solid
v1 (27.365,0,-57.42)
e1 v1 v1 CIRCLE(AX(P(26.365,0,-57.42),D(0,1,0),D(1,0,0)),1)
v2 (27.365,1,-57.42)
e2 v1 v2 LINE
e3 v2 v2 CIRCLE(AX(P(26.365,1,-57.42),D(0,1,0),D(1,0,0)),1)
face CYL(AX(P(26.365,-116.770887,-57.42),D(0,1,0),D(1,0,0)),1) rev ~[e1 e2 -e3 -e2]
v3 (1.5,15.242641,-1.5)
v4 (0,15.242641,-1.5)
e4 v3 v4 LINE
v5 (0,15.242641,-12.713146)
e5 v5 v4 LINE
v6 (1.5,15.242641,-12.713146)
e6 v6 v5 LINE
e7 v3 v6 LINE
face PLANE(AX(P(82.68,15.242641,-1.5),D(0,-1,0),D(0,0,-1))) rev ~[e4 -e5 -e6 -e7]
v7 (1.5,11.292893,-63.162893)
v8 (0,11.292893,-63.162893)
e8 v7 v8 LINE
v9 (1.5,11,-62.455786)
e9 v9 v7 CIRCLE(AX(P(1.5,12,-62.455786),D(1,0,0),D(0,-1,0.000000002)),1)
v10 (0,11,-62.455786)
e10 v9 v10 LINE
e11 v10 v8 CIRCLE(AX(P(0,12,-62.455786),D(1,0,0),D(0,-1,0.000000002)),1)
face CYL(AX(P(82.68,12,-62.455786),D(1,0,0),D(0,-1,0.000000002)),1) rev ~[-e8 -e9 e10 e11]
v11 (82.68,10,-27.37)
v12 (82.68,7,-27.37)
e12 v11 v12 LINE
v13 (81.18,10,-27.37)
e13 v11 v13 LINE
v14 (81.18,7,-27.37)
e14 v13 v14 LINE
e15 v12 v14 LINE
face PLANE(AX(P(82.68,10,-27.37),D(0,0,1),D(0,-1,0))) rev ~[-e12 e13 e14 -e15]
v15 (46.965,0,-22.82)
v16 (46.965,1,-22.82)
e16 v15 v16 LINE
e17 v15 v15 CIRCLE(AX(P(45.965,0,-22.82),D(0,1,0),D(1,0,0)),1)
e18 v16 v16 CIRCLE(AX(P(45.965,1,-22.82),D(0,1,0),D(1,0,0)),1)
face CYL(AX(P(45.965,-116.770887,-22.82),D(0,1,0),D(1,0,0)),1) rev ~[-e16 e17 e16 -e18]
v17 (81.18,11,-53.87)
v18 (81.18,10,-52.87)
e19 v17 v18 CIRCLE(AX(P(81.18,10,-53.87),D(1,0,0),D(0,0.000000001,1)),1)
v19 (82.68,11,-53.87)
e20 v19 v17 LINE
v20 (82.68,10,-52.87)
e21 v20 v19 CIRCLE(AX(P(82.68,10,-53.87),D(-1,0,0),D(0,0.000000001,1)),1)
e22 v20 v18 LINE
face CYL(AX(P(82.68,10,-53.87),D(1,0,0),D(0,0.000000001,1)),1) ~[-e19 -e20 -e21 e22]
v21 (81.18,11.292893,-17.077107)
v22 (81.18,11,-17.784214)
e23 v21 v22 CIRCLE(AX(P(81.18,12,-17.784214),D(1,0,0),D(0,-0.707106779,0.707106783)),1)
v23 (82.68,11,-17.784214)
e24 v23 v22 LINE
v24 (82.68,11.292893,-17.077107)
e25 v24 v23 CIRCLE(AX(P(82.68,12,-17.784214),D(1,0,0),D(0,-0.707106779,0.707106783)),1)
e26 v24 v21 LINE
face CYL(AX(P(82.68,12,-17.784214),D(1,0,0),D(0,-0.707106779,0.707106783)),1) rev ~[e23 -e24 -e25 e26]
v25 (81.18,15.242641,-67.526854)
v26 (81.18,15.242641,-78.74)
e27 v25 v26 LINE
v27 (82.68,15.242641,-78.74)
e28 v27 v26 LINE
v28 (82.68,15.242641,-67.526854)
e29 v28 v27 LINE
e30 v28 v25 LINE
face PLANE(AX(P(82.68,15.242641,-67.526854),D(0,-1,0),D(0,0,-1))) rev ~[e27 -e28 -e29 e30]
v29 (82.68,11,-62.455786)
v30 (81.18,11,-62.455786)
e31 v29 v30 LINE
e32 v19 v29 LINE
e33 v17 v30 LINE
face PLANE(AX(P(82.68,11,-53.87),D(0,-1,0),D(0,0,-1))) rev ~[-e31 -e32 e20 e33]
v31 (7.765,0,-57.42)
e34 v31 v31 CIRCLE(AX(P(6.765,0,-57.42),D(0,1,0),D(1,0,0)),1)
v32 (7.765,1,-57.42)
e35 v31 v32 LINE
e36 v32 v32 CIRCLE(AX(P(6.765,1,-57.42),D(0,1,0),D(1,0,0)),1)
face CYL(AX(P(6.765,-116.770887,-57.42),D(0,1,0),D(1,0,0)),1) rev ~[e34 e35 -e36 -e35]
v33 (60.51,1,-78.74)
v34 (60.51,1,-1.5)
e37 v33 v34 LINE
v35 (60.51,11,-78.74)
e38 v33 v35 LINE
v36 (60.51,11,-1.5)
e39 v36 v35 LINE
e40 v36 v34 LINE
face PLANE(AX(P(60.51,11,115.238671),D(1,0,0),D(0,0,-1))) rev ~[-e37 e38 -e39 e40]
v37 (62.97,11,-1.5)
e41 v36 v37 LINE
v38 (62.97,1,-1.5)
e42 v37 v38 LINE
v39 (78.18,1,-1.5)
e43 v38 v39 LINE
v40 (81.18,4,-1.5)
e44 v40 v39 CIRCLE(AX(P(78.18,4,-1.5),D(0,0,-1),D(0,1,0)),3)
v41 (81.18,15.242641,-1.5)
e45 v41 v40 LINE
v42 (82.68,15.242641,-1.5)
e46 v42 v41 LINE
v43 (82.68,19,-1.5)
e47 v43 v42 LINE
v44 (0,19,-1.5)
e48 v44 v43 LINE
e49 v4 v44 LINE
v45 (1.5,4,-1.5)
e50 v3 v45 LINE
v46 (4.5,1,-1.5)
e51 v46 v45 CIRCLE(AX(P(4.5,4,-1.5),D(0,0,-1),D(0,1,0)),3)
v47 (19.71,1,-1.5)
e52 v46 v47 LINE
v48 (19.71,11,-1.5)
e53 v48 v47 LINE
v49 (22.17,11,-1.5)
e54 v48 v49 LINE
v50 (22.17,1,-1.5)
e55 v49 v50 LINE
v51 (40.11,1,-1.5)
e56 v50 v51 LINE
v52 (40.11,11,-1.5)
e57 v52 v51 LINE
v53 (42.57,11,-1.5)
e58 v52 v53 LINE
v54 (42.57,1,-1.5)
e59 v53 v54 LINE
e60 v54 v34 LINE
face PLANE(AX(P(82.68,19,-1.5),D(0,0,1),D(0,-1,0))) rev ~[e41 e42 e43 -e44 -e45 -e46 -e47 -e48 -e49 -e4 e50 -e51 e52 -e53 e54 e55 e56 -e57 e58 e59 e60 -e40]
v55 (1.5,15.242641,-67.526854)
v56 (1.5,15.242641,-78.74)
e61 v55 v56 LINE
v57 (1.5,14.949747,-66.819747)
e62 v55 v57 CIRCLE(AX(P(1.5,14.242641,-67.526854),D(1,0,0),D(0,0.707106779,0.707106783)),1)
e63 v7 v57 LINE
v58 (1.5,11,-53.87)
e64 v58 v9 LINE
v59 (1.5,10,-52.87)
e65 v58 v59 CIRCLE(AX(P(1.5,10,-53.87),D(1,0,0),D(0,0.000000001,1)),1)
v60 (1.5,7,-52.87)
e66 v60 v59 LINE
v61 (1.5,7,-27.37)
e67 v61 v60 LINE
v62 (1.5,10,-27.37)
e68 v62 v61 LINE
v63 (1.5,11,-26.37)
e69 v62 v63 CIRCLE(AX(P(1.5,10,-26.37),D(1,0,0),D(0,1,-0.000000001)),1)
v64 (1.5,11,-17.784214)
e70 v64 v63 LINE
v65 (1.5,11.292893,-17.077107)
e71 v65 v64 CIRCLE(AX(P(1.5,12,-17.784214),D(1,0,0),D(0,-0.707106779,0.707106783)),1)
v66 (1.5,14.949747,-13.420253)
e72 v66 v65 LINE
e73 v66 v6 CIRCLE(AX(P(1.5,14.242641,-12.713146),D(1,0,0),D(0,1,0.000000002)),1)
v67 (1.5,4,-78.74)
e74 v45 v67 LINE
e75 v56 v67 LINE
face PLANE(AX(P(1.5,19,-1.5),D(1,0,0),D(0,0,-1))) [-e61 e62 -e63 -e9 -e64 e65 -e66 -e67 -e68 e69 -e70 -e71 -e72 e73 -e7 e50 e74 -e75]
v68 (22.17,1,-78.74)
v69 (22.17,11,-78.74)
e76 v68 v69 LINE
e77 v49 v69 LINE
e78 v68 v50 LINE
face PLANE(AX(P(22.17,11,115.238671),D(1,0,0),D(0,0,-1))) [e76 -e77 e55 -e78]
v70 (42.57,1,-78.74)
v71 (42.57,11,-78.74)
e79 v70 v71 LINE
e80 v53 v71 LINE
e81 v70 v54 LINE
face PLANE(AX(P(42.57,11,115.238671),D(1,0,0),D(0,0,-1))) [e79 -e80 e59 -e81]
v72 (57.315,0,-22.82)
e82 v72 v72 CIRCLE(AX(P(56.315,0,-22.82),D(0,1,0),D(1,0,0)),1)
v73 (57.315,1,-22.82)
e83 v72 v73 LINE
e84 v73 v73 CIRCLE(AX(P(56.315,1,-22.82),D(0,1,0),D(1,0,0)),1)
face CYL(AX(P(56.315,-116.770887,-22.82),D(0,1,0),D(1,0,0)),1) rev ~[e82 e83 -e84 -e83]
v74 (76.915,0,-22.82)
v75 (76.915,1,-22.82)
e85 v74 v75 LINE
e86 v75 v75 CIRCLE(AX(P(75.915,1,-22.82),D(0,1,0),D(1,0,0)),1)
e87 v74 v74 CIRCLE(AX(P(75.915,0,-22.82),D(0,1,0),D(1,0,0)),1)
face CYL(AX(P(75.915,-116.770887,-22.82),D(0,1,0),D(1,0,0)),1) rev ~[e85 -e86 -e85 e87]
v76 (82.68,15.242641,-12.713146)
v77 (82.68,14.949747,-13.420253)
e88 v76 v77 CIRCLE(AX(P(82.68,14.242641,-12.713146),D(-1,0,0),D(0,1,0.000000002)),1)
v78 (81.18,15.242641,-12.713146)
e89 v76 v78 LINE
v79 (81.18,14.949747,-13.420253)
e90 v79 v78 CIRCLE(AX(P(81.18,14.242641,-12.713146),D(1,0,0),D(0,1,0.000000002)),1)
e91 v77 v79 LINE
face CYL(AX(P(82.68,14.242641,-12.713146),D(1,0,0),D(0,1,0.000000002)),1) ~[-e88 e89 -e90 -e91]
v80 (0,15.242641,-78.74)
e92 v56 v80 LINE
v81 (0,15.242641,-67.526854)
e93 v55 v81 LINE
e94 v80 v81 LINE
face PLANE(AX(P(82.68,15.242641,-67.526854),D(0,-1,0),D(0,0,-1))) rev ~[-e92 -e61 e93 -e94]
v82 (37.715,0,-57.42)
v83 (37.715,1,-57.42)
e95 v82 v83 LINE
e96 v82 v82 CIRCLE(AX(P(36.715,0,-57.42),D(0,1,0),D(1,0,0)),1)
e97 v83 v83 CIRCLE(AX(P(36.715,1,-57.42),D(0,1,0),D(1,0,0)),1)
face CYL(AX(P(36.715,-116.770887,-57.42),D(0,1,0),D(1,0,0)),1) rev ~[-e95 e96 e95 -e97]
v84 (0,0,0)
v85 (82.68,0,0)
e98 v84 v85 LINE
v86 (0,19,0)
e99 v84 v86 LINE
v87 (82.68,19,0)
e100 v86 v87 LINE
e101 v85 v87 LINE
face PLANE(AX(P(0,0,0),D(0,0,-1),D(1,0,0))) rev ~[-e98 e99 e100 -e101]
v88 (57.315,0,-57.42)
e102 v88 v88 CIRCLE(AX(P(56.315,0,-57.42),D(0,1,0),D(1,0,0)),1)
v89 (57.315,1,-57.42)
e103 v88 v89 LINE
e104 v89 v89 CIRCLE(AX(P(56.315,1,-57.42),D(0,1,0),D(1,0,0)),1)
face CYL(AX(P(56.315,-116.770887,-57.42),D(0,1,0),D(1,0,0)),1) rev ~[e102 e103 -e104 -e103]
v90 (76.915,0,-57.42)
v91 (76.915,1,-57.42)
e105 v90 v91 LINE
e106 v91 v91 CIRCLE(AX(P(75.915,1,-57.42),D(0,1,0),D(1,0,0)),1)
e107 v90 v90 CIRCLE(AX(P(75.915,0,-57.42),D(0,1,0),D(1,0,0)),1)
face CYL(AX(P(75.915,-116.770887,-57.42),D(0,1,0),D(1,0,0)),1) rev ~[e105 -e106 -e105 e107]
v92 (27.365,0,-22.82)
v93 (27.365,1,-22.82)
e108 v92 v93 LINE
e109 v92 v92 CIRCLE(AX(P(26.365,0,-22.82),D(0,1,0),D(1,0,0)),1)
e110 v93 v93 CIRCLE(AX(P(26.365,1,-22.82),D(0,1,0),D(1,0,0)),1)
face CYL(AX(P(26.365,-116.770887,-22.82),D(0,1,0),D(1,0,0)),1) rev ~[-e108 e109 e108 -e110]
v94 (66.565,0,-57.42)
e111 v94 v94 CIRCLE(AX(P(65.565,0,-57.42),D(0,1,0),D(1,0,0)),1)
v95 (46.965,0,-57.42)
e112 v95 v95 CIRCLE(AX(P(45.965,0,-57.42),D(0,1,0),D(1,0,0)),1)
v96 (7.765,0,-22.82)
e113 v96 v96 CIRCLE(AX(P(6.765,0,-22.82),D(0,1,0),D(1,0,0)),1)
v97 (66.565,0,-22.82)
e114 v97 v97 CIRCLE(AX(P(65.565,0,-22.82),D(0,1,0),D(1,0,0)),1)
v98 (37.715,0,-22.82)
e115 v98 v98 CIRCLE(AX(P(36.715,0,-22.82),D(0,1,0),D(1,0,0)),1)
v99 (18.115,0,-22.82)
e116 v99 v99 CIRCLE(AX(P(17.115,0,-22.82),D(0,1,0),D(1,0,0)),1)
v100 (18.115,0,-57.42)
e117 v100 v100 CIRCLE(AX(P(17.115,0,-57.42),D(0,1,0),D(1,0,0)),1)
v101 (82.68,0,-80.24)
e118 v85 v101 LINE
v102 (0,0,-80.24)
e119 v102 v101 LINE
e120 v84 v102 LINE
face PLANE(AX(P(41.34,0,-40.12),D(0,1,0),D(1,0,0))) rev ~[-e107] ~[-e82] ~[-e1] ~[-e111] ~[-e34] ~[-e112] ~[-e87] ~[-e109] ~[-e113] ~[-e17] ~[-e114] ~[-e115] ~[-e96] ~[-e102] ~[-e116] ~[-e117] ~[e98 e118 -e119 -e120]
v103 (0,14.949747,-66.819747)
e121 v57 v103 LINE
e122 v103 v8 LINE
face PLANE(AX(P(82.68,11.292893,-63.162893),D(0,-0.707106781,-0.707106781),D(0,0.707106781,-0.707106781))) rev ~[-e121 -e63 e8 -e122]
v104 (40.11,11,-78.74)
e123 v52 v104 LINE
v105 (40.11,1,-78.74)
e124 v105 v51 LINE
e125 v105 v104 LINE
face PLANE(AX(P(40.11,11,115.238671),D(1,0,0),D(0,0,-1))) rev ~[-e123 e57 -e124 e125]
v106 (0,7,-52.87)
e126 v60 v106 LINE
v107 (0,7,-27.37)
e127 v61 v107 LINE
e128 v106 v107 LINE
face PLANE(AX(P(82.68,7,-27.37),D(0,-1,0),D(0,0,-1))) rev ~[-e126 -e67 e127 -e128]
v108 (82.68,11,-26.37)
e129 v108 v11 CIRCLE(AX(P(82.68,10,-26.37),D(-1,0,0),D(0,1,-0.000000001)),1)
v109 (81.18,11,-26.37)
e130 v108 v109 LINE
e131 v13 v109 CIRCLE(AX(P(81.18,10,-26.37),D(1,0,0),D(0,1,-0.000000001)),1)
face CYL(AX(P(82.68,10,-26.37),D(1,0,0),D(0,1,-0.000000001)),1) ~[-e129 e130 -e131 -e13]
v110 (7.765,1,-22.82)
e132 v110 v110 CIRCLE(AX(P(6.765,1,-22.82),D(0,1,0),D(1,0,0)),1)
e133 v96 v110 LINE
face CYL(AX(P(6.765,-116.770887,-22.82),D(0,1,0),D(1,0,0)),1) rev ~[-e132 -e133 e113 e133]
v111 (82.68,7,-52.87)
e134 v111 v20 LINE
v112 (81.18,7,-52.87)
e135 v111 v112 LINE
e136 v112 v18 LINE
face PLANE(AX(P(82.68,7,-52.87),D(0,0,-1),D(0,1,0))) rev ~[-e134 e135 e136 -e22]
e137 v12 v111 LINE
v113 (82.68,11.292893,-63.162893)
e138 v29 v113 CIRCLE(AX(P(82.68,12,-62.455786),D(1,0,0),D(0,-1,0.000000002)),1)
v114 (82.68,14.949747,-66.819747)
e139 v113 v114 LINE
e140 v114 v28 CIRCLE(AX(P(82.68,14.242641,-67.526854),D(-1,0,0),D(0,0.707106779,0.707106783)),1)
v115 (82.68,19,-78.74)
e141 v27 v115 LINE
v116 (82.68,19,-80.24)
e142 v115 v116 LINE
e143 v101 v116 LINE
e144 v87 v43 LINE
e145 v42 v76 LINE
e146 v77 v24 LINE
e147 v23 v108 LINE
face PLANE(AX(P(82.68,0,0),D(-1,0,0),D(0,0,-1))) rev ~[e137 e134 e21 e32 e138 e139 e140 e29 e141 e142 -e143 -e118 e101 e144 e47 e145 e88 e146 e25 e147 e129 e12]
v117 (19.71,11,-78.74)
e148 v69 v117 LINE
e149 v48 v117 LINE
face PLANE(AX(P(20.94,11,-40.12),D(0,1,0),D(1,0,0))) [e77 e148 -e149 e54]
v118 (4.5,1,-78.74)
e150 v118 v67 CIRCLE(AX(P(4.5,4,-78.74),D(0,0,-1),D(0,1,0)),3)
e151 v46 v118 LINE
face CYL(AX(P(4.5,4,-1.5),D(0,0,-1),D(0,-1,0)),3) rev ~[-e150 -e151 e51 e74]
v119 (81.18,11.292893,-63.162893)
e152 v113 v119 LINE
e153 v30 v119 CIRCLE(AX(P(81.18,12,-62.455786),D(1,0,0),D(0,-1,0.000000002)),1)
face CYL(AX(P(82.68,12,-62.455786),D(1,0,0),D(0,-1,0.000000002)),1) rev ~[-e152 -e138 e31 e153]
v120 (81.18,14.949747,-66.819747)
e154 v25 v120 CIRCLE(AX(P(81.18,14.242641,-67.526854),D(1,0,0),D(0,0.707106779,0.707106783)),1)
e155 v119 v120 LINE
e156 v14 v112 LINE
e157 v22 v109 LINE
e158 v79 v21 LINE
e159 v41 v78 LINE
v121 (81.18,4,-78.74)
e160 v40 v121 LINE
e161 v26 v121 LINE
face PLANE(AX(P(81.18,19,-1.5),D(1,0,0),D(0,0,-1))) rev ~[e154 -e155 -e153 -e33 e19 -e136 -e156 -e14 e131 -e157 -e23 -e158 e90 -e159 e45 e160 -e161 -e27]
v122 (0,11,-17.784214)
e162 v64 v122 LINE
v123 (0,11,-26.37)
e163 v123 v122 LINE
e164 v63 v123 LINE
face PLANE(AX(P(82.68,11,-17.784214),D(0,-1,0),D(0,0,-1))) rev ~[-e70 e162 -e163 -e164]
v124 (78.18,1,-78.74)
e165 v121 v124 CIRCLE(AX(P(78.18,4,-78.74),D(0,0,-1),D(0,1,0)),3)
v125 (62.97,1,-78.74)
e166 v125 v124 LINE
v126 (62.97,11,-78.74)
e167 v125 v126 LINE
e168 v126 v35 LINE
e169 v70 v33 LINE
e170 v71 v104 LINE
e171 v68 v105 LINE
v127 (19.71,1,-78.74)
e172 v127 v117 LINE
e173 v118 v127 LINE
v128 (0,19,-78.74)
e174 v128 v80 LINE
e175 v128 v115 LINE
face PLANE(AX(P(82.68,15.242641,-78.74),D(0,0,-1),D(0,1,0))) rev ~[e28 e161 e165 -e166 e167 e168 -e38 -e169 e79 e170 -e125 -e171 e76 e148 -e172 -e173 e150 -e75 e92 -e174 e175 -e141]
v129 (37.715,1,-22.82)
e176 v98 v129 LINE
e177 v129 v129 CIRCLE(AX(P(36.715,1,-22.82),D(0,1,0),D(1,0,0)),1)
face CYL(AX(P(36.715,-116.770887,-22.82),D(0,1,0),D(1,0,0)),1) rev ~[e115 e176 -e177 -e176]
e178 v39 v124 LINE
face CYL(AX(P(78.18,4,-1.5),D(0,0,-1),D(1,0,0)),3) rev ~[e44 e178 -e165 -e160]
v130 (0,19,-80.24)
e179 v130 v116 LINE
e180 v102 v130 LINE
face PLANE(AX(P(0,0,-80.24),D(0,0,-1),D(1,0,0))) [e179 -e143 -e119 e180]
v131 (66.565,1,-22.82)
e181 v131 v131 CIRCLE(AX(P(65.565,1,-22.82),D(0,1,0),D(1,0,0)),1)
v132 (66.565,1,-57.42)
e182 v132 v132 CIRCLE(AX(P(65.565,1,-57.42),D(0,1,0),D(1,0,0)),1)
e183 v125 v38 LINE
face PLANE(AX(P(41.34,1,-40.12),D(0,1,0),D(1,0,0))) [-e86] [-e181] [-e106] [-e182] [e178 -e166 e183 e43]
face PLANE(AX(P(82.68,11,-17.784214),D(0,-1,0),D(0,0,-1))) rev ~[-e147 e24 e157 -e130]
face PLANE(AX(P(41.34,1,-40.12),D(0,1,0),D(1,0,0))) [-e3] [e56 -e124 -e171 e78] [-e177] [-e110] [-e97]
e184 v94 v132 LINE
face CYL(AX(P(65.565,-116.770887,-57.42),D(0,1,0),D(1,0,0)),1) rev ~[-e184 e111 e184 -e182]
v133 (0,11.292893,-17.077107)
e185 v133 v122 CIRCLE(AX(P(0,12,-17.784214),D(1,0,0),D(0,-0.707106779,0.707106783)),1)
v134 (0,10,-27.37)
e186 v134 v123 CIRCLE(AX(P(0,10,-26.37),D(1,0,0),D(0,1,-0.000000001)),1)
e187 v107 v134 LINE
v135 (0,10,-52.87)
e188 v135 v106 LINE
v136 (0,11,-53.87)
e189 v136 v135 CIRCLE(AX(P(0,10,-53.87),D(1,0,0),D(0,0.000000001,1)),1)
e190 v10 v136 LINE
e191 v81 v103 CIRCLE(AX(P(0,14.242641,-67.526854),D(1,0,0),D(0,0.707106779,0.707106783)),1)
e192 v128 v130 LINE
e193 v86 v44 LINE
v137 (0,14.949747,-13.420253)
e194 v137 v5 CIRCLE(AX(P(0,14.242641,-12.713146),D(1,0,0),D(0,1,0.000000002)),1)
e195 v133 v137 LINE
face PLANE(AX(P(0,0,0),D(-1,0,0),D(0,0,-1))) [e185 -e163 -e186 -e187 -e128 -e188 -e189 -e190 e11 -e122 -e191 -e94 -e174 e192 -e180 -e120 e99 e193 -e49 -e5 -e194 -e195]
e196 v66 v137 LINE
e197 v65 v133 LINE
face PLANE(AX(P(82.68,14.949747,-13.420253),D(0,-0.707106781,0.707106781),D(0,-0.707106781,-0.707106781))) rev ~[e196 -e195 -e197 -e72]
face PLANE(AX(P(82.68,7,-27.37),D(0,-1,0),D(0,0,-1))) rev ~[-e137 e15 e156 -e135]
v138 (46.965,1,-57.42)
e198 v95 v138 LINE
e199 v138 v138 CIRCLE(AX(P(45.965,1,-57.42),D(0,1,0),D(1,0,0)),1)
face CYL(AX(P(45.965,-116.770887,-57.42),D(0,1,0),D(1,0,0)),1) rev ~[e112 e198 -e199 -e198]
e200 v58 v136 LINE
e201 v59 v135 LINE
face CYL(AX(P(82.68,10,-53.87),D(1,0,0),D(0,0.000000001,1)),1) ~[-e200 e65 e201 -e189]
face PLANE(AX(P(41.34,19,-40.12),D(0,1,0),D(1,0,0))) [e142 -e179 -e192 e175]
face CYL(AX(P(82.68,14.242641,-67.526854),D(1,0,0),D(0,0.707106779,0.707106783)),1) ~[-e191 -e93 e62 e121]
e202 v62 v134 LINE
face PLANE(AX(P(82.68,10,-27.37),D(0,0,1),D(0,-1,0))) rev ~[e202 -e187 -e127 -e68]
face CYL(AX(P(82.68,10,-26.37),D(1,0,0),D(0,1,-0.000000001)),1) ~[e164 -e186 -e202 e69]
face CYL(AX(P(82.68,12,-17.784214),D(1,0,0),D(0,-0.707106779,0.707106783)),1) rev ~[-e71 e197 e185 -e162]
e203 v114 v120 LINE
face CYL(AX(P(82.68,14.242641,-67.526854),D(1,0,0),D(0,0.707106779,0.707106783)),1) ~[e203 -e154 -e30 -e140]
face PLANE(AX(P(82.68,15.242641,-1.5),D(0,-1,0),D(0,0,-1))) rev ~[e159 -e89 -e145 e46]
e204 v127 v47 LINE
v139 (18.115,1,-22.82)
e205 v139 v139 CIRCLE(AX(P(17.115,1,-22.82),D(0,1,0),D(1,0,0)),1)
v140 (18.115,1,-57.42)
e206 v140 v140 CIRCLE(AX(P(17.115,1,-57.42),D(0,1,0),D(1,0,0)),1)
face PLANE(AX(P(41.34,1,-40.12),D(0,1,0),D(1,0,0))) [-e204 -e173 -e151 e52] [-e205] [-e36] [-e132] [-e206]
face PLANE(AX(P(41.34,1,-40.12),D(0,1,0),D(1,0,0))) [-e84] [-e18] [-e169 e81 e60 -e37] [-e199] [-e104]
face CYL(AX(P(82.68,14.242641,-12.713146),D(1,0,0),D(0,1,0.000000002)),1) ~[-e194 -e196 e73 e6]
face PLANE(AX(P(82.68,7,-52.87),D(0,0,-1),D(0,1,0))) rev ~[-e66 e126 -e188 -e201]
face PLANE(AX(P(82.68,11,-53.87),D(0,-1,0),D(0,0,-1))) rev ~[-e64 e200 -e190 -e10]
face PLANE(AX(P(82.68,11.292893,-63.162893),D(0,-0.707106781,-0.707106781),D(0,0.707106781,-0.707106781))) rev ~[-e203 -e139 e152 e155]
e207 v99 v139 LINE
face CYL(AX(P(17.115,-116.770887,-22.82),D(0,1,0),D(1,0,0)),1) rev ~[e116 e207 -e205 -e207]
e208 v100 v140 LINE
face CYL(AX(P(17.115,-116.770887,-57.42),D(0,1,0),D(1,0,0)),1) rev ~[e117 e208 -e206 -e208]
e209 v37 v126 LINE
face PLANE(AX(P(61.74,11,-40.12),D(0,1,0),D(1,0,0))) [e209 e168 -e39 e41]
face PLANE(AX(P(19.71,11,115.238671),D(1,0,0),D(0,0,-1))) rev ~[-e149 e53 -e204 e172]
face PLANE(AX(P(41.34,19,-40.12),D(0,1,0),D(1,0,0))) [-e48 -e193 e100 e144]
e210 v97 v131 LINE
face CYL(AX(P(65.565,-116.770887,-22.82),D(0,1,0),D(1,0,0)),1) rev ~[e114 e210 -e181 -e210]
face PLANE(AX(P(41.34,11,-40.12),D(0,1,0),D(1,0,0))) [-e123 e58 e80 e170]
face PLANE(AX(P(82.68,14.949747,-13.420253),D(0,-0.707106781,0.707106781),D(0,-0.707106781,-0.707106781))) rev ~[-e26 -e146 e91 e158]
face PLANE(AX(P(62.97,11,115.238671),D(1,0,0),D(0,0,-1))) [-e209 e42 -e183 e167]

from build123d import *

# Parameters (mm, degrees)
SKETCH1_W             = 82.68
SKETCH1_H             = 80.24
BOSS_EXTRUDE1_DEPTH   = 19
SKETCH2_W             = 79.68
SKETCH2_H             = 77.24
CUT_EXTRUDE1_DEPTH    = 18
CUT_EXTRUDE2_DEPTH    = 117.770886783
FILLET1_R             = 3
F_2_0MM_DOWEL_HOLE1_D = 2
RIB1_REACH            = 117.739
SKETCH5_WALLS_W       = 2.46
SKETCH5_WALLS_H       = 310.717342304


with BuildPart() as part:
    # Sketch1 → Boss-Extrude1 (new body)
    with BuildSketch(Plane(origin=(0, 0, 0), x_dir=(1, 0, 0), z_dir=(0, 1, 0))):
        with Locations((41.34, 40.12)):
            Rectangle(SKETCH1_W, SKETCH1_H)
    extrude(amount=BOSS_EXTRUDE1_DEPTH)

    # Sketch2 → Cut-Extrude1 (cut)
    with BuildSketch(Plane(origin=(0, 19, 0), x_dir=(1, 0, 0), z_dir=(0, 1, 0))):
        with Locations((41.34, 40.12)):
            Rectangle(SKETCH2_W, SKETCH2_H)
    extrude(amount=-CUT_EXTRUDE1_DEPTH, mode=Mode.SUBTRACT)

    # Sketch3 → Cut-Extrude2 (cut, through all)
    with BuildSketch(Plane(origin=(82.68, 0, 0), x_dir=(0, 0, -1), z_dir=(1, 0, 0))):
        with BuildLine():
            Line((27.37, 7), (52.87, 7))
            Line((52.87, 7), (52.87, 10))
            ThreePointArc((52.87, 10), (53.162893219, 10.707106781), (53.87, 11))
            Line((53.87, 11), (62.455786438, 11))
            ThreePointArc((62.455786438, 11), (62.83846987, 11.076120467), (63.162893219, 11.292893219))
            Line((63.162893219, 11.292893219), (66.819747468, 14.949747468))
            ThreePointArc((66.819747468, 14.949747468), (67.144170817, 15.16652022), (67.526854249, 15.242640687))
            Line((67.526854249, 15.242640687), (78.74, 15.242640687))
            Line((78.74, 15.242640687), (78.74, 19))
            Line((78.74, 19), (1.5, 19))
            Line((1.5, 19), (1.5, 15.242640687))
            Line((1.5, 15.242640687), (12.713145751, 15.242640687))
            ThreePointArc((12.713145751, 15.242640687), (13.095829183, 15.16652022), (13.420252532, 14.949747468))
            Line((13.420252532, 14.949747468), (17.077106781, 11.292893219))
            ThreePointArc((17.077106781, 11.292893219), (17.40153013, 11.076120467), (17.784213562, 11))
            Line((17.784213562, 11), (26.37, 11))
            ThreePointArc((26.37, 11), (27.077106781, 10.707106781), (27.37, 10))
            Line((27.37, 10), (27.37, 7))
        make_face()
    extrude(amount=-CUT_EXTRUDE2_DEPTH, mode=Mode.SUBTRACT)

    # Fillet1
    fillet1_edges = [part.edges().sort_by_distance(p)[0] for p in [
        (81.18, 1, -40.12),
        (1.5, 1, -40.12),
    ]]
    fillet(fillet1_edges, radius=FILLET1_R)

    # Ø2.0mm Dowel Hole1 (through all)
    with Locations(Plane(origin=(0, 0, 0), x_dir=(-1, 0, 0), z_dir=(0, -1, 0))):
        with Locations((-6.765, 57.42), (-17.115, 57.42), (-26.365, 57.42), (-36.715, 57.42), (-45.965, 57.42), (-56.315, 57.42), (-65.565, 57.42), (-75.915, 57.42), (-75.915, 22.82), (-65.565, 22.82), (-56.315, 22.82), (-45.965, 22.82), (-36.715, 22.82), (-26.365, 22.82), (-17.115, 22.82), (-6.765, 22.82)):
            Hole(F_2_0MM_DOWEL_HOLE1_D / 2)

    # Sketch5 walls → Rib1 (add, up to next)
    with BuildSketch(Plane(origin=(0, 11, 0), x_dir=(1, 0, 0), z_dir=(0, 1, 0)), mode=Mode.PRIVATE) as rib1_sk1:
        with Locations((20.94, 40.12)):
            Rectangle(SKETCH5_WALLS_W, SKETCH5_WALLS_H)
    rib1_tool1 = extrude(rib1_sk1.sketch, amount=-RIB1_REACH, mode=Mode.PRIVATE) - part.part
    # Sketch5 walls → Rib1 (add, up to next)
    with BuildSketch(Plane(origin=(0, 11, 0), x_dir=(1, 0, 0), z_dir=(0, 1, 0)), mode=Mode.PRIVATE) as rib1_sk2:
        with Locations((41.34, 40.12)):
            Rectangle(SKETCH5_WALLS_W, SKETCH5_WALLS_H)
    rib1_tool2 = extrude(rib1_sk2.sketch, amount=-RIB1_REACH, mode=Mode.PRIVATE) - part.part
    # Sketch5 walls → Rib1 (add, up to next)
    with BuildSketch(Plane(origin=(0, 11, 0), x_dir=(1, 0, 0), z_dir=(0, 1, 0)), mode=Mode.PRIVATE) as rib1_sk3:
        with Locations((61.74, 40.12)):
            Rectangle(SKETCH5_WALLS_W, SKETCH5_WALLS_H)
    rib1_tool3 = extrude(rib1_sk3.sketch, amount=-RIB1_REACH, mode=Mode.PRIVATE) - part.part
    add(rib1_tool1.solids().sort_by_distance((20.94, 11, -40.12))[0])
    add(rib1_tool2.solids().sort_by_distance((41.34, 11, -40.12))[0])
    add(rib1_tool3.solids().sort_by_distance((61.74, 11, -40.12))[0])


solid = part.part
